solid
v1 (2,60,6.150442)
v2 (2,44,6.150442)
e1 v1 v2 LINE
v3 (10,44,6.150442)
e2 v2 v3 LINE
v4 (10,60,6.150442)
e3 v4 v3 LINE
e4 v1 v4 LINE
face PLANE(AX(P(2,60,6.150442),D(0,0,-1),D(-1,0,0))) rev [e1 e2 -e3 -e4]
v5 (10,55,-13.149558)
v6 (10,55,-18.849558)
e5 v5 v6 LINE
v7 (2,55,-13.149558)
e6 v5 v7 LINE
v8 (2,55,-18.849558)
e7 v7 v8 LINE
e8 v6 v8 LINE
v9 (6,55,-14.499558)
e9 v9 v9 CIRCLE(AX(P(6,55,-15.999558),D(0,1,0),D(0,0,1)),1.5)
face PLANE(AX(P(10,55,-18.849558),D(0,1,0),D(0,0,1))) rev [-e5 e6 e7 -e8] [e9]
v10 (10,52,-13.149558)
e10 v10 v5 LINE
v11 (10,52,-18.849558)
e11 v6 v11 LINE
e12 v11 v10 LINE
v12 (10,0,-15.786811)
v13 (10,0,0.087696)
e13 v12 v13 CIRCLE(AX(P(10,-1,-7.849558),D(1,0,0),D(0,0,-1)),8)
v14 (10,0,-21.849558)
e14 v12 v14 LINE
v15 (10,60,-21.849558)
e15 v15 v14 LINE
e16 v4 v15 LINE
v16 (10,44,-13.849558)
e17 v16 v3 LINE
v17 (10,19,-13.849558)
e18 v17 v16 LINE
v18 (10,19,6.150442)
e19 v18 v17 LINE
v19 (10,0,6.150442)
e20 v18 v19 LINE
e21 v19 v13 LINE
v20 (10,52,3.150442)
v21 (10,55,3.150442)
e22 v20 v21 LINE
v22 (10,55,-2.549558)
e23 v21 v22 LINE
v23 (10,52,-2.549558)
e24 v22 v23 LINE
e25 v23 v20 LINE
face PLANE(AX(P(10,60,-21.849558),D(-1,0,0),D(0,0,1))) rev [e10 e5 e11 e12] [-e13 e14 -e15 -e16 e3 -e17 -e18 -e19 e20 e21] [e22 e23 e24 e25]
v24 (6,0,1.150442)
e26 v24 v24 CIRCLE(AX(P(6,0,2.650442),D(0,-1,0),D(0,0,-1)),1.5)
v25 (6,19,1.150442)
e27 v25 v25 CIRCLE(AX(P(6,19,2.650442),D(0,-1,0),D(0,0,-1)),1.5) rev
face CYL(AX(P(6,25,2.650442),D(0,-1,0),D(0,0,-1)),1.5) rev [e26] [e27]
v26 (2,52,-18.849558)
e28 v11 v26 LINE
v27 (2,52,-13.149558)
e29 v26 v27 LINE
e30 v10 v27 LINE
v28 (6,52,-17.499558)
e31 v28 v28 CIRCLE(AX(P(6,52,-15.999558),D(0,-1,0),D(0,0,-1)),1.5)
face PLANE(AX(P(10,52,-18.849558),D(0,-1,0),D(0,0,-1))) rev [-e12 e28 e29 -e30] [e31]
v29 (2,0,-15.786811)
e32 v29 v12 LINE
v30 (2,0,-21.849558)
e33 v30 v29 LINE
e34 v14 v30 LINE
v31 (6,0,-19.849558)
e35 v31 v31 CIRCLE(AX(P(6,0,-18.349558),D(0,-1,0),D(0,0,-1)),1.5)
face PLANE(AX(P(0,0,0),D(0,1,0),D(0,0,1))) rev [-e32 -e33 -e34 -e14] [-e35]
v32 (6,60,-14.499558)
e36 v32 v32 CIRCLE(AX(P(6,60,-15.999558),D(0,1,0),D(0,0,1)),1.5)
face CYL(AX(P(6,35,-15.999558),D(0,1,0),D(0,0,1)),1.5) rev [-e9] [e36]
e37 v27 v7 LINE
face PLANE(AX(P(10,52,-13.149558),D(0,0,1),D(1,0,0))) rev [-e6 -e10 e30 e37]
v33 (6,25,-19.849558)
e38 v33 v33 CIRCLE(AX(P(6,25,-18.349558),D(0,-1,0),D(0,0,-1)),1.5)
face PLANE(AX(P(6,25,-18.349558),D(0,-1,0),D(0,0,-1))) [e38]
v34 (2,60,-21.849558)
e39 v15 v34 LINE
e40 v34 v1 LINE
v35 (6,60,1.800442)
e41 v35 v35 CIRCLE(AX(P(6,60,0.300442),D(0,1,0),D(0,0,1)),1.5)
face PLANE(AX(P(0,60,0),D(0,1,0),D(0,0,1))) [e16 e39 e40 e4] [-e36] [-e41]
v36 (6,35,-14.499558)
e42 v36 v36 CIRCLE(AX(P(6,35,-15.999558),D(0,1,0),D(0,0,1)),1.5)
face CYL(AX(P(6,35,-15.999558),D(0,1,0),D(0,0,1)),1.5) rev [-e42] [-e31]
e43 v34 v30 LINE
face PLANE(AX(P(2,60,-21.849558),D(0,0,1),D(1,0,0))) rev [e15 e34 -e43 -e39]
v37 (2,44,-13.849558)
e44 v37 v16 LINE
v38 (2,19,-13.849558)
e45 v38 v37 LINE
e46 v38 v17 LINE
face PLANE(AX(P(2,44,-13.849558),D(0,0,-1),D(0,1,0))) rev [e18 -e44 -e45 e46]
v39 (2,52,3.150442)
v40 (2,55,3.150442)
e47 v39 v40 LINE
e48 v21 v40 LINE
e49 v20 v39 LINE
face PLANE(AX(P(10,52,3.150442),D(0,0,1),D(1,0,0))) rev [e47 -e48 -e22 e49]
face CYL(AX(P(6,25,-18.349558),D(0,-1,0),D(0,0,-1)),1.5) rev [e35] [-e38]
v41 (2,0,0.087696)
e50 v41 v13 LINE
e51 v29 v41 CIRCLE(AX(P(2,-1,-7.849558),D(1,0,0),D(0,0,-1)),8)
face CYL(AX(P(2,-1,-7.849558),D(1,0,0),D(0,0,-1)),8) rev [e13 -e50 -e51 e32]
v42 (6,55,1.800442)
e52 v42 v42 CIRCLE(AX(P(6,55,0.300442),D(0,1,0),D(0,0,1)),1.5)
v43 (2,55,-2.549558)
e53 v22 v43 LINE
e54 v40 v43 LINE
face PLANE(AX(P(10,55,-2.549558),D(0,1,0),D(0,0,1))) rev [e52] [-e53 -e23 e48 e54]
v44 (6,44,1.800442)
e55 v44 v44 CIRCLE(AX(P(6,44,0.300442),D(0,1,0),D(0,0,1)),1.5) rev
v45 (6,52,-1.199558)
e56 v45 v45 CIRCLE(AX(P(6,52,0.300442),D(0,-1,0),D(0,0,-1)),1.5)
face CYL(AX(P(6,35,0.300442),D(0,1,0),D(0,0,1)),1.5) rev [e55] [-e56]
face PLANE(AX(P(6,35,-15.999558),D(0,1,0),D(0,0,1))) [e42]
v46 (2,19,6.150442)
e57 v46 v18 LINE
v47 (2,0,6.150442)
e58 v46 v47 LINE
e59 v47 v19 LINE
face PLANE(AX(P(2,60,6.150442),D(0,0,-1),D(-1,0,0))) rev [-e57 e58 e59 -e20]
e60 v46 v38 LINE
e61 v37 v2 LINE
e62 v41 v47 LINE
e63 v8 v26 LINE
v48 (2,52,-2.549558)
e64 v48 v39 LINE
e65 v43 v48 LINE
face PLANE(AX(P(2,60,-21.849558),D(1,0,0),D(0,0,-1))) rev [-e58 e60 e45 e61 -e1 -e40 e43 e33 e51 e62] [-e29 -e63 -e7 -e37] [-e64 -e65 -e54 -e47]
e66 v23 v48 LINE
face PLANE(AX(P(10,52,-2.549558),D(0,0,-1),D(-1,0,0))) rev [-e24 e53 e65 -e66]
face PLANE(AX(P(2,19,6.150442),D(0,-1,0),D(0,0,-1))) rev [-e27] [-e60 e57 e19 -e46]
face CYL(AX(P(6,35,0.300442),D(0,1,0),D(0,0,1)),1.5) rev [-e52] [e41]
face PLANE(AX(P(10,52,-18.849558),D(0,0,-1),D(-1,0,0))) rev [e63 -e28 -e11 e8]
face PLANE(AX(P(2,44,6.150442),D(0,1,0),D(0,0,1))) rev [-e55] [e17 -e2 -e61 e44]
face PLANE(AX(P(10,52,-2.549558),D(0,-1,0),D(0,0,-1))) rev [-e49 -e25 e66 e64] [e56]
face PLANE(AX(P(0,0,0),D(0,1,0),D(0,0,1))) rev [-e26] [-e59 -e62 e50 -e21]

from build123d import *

# Parameters (mm, degrees)
SKETCH1_W           = 8
SKETCH1_H           = 28
BOSS_EXTRUDE2_DEPTH = 60
CUT_EXTRUDE2_DEPTH  = 65.353734654
SKETCH6_R           = 1.5
CUT_EXTRUDE3_DEPTH  = 25
SKETCH7_W           = 5.7
SKETCH7_H           = 3
CUT_EXTRUDE4_DEPTH  = 65.353734654
SKETCH8_R           = 1.5
CUT_EXTRUDE5_DEPTH  = 25
SKETCH9_W           = 20
SKETCH9_H           = 25
CUT_EXTRUDE6_DEPTH  = 65.353734654


with BuildPart() as part:
    # Sketch1 → Boss-Extrude2 (new body)
    with BuildSketch(Plane(origin=(0, 0, 0), x_dir=(1, 0, 0), z_dir=(0, 1, 0))):
        with Locations((6, 7.849557522)):
            Rectangle(SKETCH1_W, SKETCH1_H)
    extrude(amount=BOSS_EXTRUDE2_DEPTH)

    # Sketch5 → Cut-Extrude2 (cut, through all)
    with BuildSketch(Plane(origin=(10, 0, 0), x_dir=(0, 0, -1), z_dir=(1, 0, 0))):
        with BuildLine():
            Line((-0.087696411, 0), (15.786811455, 0))
            ThreePointArc((15.786811455, 0), (7.849557522, 7), (-0.087696411, 0))
        make_face()
    extrude(amount=-CUT_EXTRUDE2_DEPTH, mode=Mode.SUBTRACT)

    # Sketch6 → Cut-Extrude3 (cut)
    with BuildSketch(Plane.XZ):
        with Locations(Location((6, -18.349557522, 0), (0, 0, 270))):
            Circle(SKETCH6_R)
        with Locations(Location((6, 2.650442478, 0), (0, 0, 270))):
            Circle(SKETCH6_R)
    extrude(amount=-CUT_EXTRUDE3_DEPTH, mode=Mode.SUBTRACT)

    # Sketch7 → Cut-Extrude4 (cut, through all)
    with BuildSketch(Plane.ZY.offset(-2)):
        with Locations((-15.999557522, 53.5)):
            Rectangle(SKETCH7_W, SKETCH7_H)
        with Locations((0.300442478, 53.5)):
            Rectangle(SKETCH7_W, SKETCH7_H)
    extrude(amount=-CUT_EXTRUDE4_DEPTH, mode=Mode.SUBTRACT)

    # Sketch8 → Cut-Extrude5 (cut)
    with BuildSketch(Plane(origin=(0, 60, 0), x_dir=(1, 0, 0), z_dir=(0, 1, 0))):
        with Locations(Location((6, 15.999557522, 0), (0, 0, 270))):
            Circle(SKETCH8_R)
        with Locations(Location((6, -0.300442478, 0), (0, 0, 270))):
            Circle(SKETCH8_R)
    extrude(amount=-CUT_EXTRUDE5_DEPTH, mode=Mode.SUBTRACT)

    # Sketch9 → Cut-Extrude6 (cut, through all)
    with BuildSketch(Plane(origin=(10, 0, 0), x_dir=(0, 0, -1), z_dir=(1, 0, 0))):
        with Locations((3.849557522, 31.5)):
            Rectangle(SKETCH9_W, SKETCH9_H)
    extrude(amount=-CUT_EXTRUDE6_DEPTH, mode=Mode.SUBTRACT)


solid = part.part
